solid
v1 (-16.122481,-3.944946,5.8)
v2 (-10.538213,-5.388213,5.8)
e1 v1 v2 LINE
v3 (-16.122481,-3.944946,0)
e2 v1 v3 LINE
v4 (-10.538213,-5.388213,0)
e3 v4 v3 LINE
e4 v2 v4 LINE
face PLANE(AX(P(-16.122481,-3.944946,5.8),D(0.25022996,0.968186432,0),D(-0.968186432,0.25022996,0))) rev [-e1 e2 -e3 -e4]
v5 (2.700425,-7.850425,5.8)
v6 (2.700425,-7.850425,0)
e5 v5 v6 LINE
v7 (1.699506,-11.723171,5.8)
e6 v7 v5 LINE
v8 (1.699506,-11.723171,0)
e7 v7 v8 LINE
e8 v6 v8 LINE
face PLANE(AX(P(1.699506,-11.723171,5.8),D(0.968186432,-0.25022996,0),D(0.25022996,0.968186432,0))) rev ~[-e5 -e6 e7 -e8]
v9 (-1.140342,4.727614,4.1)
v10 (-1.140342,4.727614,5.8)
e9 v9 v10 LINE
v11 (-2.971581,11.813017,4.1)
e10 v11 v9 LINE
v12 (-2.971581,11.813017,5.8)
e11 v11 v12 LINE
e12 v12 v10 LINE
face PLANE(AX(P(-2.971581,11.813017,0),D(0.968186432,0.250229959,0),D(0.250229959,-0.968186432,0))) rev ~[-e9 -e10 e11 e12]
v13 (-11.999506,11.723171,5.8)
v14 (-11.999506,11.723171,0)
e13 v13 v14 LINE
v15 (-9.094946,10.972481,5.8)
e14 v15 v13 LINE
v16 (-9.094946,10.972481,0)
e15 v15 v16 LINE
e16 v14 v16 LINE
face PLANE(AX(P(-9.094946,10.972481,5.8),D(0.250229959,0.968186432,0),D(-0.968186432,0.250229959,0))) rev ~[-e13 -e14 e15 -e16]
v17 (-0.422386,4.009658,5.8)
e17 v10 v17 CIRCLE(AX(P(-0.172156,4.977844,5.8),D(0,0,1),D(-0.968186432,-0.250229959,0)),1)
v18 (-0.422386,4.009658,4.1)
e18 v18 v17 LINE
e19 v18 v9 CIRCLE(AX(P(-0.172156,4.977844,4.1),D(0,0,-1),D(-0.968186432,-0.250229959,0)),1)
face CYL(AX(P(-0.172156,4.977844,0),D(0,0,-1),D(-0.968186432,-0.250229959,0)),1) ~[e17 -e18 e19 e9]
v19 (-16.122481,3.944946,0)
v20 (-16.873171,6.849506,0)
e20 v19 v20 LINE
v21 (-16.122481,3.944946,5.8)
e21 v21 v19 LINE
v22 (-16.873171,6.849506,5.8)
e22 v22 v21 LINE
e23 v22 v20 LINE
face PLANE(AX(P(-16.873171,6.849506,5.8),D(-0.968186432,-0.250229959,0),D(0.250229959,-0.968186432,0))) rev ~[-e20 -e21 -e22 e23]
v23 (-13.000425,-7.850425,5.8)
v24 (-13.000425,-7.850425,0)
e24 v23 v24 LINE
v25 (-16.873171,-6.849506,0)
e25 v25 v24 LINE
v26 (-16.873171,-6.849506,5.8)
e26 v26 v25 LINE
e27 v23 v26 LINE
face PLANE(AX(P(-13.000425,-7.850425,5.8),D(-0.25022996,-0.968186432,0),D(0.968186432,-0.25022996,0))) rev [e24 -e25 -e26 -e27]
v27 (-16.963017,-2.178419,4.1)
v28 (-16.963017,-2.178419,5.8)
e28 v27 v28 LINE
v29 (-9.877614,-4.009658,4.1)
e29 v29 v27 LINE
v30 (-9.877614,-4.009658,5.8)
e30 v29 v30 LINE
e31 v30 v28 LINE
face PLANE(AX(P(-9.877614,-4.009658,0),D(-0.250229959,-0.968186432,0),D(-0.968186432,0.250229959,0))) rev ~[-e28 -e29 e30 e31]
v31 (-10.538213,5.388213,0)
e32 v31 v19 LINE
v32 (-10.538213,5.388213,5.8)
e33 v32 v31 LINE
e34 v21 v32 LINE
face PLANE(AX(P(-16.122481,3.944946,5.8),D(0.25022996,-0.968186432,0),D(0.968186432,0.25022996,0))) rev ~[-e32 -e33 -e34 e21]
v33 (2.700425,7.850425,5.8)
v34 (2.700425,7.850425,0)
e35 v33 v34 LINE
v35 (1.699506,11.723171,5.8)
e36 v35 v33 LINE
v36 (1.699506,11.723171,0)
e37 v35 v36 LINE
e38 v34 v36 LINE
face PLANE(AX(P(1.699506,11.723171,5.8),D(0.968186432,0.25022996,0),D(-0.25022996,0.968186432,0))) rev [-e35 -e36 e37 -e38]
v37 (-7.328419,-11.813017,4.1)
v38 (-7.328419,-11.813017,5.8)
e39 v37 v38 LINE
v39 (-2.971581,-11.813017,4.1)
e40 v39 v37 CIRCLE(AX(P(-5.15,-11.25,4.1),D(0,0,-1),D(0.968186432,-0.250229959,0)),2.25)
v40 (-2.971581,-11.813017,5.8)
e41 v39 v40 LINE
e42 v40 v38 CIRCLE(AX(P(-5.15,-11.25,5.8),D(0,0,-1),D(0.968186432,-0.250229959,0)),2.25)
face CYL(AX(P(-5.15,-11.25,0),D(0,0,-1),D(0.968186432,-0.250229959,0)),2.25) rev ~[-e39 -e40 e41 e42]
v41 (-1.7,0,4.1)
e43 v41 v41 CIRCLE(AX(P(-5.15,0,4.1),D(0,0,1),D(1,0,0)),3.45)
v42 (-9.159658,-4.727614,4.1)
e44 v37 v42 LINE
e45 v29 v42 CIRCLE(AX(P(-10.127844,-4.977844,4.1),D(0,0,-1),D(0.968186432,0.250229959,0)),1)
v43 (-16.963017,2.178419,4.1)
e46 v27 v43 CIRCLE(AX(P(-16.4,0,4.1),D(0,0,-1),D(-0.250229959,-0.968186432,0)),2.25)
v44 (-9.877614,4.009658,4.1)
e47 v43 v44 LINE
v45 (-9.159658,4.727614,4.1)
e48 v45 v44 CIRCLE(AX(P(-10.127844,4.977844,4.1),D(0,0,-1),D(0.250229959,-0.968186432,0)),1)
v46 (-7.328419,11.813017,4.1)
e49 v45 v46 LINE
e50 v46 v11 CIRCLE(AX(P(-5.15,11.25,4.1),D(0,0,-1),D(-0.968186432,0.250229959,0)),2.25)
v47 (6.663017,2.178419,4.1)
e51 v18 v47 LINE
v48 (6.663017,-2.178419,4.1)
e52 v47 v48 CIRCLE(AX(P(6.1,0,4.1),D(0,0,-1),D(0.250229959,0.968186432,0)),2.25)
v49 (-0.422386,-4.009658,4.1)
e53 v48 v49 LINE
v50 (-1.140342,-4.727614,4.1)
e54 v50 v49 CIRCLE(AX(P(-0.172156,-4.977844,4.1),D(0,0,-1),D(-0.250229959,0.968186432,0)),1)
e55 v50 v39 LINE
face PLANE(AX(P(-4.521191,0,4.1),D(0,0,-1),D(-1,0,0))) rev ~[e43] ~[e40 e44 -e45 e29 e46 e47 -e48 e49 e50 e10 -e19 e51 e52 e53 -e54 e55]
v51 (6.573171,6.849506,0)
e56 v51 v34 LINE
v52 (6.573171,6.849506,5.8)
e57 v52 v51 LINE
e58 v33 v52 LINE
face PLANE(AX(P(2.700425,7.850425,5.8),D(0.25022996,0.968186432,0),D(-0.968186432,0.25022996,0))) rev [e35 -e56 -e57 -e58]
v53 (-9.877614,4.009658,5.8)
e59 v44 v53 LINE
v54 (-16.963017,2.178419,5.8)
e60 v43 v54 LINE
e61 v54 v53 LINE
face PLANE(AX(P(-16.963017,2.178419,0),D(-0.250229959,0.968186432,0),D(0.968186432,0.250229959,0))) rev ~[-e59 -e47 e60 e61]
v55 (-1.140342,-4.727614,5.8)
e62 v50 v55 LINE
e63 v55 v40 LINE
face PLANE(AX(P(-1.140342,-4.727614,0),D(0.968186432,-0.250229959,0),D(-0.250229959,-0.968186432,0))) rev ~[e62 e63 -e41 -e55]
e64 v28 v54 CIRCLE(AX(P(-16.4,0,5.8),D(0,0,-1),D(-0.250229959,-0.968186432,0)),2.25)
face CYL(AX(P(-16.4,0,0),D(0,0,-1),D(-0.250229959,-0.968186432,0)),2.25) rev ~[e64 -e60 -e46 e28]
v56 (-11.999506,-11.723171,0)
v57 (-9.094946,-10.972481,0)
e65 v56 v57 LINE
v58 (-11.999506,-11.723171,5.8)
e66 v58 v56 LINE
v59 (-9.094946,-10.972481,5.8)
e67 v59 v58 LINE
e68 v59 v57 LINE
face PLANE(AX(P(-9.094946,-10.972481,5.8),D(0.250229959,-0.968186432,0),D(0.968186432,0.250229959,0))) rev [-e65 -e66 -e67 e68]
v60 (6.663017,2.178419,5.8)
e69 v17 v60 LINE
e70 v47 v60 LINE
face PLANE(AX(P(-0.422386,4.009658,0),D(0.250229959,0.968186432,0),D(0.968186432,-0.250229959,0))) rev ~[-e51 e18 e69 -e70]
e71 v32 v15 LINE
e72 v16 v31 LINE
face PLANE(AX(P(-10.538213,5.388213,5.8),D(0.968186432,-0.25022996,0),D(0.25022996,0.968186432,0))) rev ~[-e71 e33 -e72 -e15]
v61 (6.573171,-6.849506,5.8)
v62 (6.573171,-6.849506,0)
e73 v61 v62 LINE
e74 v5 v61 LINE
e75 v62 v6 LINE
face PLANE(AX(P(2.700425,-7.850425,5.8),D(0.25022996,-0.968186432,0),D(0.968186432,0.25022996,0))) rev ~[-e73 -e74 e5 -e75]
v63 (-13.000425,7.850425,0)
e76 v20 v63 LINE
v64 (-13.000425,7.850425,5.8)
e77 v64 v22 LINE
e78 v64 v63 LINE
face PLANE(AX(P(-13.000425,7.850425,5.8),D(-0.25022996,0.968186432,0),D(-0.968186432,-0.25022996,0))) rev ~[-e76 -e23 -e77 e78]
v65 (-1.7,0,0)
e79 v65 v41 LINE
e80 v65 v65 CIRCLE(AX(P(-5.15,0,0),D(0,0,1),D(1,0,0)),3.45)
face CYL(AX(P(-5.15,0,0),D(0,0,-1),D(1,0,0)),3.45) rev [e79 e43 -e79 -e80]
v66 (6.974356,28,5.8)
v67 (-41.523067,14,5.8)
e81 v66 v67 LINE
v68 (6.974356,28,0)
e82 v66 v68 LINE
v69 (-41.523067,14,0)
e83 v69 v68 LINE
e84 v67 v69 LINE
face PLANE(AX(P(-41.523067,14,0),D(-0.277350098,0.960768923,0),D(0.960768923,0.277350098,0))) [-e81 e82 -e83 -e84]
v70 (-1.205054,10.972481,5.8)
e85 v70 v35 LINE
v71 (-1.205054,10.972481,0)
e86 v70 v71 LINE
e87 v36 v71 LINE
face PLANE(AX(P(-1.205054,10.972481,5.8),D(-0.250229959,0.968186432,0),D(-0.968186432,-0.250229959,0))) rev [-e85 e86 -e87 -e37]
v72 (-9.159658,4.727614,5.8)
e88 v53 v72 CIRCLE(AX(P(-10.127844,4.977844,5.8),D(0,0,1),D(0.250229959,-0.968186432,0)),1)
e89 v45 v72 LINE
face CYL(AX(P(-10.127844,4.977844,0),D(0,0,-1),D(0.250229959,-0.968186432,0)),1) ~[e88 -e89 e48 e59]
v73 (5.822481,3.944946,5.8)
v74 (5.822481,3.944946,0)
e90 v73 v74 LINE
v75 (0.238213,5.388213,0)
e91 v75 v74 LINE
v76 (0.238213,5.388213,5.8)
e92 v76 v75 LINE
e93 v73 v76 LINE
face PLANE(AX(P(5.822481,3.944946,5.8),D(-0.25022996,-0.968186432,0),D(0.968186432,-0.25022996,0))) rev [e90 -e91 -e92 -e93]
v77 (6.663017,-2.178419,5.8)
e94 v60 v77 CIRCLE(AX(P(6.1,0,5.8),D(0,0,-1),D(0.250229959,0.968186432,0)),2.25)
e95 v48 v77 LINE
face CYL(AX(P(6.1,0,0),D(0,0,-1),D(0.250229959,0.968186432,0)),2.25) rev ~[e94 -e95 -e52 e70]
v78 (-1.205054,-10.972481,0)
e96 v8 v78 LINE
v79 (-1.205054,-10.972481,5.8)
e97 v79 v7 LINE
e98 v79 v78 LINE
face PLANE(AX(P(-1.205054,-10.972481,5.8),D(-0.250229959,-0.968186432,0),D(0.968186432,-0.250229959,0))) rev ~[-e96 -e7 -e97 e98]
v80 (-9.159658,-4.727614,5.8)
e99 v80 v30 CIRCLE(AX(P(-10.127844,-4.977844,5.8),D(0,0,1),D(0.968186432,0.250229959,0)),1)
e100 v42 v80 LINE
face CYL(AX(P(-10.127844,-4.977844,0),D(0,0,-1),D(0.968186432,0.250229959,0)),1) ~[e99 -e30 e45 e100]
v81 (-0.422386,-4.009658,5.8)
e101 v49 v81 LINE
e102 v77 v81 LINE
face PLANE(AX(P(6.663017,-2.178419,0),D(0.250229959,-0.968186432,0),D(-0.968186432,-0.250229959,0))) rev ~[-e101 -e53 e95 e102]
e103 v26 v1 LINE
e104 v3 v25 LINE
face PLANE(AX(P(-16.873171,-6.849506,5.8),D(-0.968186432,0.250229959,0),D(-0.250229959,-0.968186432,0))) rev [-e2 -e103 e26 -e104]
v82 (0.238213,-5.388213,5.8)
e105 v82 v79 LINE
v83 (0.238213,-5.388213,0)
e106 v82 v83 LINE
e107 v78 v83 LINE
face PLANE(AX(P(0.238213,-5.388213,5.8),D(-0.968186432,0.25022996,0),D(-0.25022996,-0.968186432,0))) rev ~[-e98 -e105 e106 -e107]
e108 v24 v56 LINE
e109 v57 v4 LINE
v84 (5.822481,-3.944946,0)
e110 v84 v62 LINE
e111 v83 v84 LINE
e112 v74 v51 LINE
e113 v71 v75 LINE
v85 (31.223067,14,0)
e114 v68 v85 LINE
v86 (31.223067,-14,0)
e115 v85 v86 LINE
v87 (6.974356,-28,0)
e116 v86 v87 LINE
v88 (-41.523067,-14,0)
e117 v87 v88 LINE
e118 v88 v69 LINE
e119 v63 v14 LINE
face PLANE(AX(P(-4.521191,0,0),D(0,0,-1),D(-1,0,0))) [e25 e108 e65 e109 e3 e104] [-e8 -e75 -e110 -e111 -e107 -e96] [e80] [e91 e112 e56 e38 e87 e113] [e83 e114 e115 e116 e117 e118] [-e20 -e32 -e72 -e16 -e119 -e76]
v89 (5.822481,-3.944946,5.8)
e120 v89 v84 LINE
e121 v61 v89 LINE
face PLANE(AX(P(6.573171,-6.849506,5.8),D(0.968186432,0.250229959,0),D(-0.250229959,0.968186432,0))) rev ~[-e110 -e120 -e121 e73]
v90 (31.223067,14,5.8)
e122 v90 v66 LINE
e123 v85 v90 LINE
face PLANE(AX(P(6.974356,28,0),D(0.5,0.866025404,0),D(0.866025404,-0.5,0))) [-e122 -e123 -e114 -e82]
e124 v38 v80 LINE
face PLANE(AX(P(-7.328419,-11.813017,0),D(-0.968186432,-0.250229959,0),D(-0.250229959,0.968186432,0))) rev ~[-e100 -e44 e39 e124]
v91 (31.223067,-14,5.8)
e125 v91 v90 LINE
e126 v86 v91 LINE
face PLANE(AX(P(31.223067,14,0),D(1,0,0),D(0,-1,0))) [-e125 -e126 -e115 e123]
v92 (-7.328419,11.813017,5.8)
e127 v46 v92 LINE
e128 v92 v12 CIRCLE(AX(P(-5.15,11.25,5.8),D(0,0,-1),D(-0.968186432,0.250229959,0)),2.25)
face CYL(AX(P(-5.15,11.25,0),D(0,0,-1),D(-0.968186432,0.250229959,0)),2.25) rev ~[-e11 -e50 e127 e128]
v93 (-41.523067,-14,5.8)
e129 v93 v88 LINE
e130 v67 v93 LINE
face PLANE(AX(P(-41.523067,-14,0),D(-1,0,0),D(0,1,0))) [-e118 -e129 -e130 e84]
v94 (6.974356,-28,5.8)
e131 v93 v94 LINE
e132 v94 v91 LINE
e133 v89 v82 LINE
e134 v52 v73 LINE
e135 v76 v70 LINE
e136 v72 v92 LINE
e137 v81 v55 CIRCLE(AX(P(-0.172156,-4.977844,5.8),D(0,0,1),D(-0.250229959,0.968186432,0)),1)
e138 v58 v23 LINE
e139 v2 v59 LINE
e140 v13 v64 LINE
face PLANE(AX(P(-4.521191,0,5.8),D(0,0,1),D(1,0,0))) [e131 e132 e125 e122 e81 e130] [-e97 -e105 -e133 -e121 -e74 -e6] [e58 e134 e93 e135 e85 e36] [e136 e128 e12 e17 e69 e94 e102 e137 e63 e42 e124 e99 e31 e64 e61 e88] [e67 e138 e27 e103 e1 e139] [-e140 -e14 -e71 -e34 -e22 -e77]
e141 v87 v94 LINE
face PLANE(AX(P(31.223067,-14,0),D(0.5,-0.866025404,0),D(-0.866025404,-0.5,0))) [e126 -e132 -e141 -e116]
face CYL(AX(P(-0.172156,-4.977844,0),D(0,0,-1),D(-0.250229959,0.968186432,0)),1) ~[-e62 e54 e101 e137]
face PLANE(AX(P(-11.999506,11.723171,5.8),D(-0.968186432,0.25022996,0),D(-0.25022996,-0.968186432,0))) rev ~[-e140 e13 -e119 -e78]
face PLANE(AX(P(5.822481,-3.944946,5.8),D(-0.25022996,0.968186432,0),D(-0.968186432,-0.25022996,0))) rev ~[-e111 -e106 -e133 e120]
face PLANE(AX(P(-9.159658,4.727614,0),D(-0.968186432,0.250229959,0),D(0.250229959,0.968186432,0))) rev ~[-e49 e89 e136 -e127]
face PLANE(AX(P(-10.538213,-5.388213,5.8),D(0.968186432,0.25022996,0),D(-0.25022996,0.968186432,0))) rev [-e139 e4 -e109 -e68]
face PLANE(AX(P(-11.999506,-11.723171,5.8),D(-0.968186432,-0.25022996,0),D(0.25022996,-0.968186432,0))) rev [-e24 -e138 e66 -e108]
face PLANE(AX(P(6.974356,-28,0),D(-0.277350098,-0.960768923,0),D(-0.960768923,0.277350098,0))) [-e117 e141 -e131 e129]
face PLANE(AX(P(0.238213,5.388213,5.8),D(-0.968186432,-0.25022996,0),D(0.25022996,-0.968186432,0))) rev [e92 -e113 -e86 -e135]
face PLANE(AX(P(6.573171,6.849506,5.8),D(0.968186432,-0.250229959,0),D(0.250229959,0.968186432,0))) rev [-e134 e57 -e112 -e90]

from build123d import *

# Parameters (mm, degrees)
SKETCH1_R            = 3.45
BOSS_EXTRUDE1_DEPTH  = 4.1
BOSS_EXTRUDE2_DEPTH  = 5.8
CUT_EXTRUDE1_DEPTH   = 51.416317693
MIRROR2_COPY_1_DEPTH = 51.416317693


with BuildPart() as part:
    # Sketch1 → Boss-Extrude1 (new body)
    with BuildSketch(Plane.XY):
        Polygon((6.974355653, -28), (-41.523066959, -14), (-41.523066959, 14), (6.974355653, 28), (31.223066959, 14), (31.223066959, -14), align=None)
        with Locations((-5.15, 0)):
            Circle(SKETCH1_R, mode=Mode.SUBTRACT)
    extrude(amount=BOSS_EXTRUDE1_DEPTH)

    # Sketch1<3> → Boss-Extrude2 (add)
    with BuildSketch(Plane.XY):
        Polygon((-41.523066959, -14), (6.974355653, -28), (31.223066959, -14), (31.223066959, 14), (6.974355653, 28), (-41.523066959, 14), align=None)
        with BuildLine():
            Line((-1.14034217, -4.727614303), (-2.971580528, -11.813017409))
            ThreePointArc((-2.971580528, -11.813017409), (-5.15, -13.5), (-7.328419472, -11.813017409))
            Line((-7.328419472, -11.813017409), (-9.15965783, -4.727614303))
            ThreePointArc((-9.15965783, -4.727614303), (-9.420737481, -4.270737481), (-9.877614303, -4.00965783))
            Line((-9.877614303, -4.00965783), (-16.963017409, -2.178419472))
            ThreePointArc((-16.963017409, -2.178419472), (-18.65, 0), (-16.963017409, 2.178419472))
            Line((-16.963017409, 2.178419472), (-9.877614303, 4.00965783))
            ThreePointArc((-9.877614303, 4.00965783), (-9.420737481, 4.270737481), (-9.15965783, 4.727614303))
            Line((-9.15965783, 4.727614303), (-7.328419472, 11.813017409))
            ThreePointArc((-7.328419472, 11.813017409), (-5.15, 13.5), (-2.971580528, 11.813017409))
            Line((-2.971580528, 11.813017409), (-1.14034217, 4.727614303))
            ThreePointArc((-1.14034217, 4.727614303), (-0.879262519, 4.270737481), (-0.422385697, 4.00965783))
            Line((-0.422385697, 4.00965783), (6.663017409, 2.178419472))
            ThreePointArc((6.663017409, 2.178419472), (8.35, 0), (6.663017409, -2.178419472))
            Line((6.663017409, -2.178419472), (-0.422385697, -4.00965783))
            ThreePointArc((-0.422385697, -4.00965783), (-0.879262519, -4.270737481), (-1.14034217, -4.727614303))
        make_face(mode=Mode.SUBTRACT)
    extrude(amount=BOSS_EXTRUDE2_DEPTH)

    # Sketch3 → Cut-Extrude1 (cut, through all)
    with BuildSketch(Plane.XY.offset(5.8)):
        Polygon((-13.000425446, 7.850425446), (-16.873171174, 6.849505608), (-16.122481296, 3.944946311), (-10.538213003, 5.388213003), (-9.094946311, 10.972481296), (-11.999505608, 11.723171174), align=None)
    cut_extrude1 = extrude(amount=-CUT_EXTRUDE1_DEPTH, mode=Mode.SUBTRACT)

    # Mirror1: Cut-Extrude1 across plane
    add(cut_extrude1.mirror(Plane.ZY.offset(5.15)), mode=Mode.SUBTRACT)

    # Mirror2: Cut-Extrude1 across plane
    add(cut_extrude1.mirror(Plane(origin=(0, 0, 0), x_dir=(0, 0, 1), z_dir=(0, -1, 0))), mode=Mode.SUBTRACT)

    # Mirror2 copy 1 sketch → Mirror2 copy 1 (cut, through all)
    with BuildSketch(Plane(origin=(-10.3, 0, 5.8), x_dir=(-1, 0, 0), z_dir=(0, 0, 1))):
        Polygon((-13.000425446, 7.850425446), (-16.873171174, 6.849505608), (-16.122481296, 3.944946311), (-10.538213003, 5.388213003), (-9.094946311, 10.972481296), (-11.999505608, 11.723171174), align=None)
    extrude(amount=-MIRROR2_COPY_1_DEPTH, mode=Mode.SUBTRACT)


solid = part.part
